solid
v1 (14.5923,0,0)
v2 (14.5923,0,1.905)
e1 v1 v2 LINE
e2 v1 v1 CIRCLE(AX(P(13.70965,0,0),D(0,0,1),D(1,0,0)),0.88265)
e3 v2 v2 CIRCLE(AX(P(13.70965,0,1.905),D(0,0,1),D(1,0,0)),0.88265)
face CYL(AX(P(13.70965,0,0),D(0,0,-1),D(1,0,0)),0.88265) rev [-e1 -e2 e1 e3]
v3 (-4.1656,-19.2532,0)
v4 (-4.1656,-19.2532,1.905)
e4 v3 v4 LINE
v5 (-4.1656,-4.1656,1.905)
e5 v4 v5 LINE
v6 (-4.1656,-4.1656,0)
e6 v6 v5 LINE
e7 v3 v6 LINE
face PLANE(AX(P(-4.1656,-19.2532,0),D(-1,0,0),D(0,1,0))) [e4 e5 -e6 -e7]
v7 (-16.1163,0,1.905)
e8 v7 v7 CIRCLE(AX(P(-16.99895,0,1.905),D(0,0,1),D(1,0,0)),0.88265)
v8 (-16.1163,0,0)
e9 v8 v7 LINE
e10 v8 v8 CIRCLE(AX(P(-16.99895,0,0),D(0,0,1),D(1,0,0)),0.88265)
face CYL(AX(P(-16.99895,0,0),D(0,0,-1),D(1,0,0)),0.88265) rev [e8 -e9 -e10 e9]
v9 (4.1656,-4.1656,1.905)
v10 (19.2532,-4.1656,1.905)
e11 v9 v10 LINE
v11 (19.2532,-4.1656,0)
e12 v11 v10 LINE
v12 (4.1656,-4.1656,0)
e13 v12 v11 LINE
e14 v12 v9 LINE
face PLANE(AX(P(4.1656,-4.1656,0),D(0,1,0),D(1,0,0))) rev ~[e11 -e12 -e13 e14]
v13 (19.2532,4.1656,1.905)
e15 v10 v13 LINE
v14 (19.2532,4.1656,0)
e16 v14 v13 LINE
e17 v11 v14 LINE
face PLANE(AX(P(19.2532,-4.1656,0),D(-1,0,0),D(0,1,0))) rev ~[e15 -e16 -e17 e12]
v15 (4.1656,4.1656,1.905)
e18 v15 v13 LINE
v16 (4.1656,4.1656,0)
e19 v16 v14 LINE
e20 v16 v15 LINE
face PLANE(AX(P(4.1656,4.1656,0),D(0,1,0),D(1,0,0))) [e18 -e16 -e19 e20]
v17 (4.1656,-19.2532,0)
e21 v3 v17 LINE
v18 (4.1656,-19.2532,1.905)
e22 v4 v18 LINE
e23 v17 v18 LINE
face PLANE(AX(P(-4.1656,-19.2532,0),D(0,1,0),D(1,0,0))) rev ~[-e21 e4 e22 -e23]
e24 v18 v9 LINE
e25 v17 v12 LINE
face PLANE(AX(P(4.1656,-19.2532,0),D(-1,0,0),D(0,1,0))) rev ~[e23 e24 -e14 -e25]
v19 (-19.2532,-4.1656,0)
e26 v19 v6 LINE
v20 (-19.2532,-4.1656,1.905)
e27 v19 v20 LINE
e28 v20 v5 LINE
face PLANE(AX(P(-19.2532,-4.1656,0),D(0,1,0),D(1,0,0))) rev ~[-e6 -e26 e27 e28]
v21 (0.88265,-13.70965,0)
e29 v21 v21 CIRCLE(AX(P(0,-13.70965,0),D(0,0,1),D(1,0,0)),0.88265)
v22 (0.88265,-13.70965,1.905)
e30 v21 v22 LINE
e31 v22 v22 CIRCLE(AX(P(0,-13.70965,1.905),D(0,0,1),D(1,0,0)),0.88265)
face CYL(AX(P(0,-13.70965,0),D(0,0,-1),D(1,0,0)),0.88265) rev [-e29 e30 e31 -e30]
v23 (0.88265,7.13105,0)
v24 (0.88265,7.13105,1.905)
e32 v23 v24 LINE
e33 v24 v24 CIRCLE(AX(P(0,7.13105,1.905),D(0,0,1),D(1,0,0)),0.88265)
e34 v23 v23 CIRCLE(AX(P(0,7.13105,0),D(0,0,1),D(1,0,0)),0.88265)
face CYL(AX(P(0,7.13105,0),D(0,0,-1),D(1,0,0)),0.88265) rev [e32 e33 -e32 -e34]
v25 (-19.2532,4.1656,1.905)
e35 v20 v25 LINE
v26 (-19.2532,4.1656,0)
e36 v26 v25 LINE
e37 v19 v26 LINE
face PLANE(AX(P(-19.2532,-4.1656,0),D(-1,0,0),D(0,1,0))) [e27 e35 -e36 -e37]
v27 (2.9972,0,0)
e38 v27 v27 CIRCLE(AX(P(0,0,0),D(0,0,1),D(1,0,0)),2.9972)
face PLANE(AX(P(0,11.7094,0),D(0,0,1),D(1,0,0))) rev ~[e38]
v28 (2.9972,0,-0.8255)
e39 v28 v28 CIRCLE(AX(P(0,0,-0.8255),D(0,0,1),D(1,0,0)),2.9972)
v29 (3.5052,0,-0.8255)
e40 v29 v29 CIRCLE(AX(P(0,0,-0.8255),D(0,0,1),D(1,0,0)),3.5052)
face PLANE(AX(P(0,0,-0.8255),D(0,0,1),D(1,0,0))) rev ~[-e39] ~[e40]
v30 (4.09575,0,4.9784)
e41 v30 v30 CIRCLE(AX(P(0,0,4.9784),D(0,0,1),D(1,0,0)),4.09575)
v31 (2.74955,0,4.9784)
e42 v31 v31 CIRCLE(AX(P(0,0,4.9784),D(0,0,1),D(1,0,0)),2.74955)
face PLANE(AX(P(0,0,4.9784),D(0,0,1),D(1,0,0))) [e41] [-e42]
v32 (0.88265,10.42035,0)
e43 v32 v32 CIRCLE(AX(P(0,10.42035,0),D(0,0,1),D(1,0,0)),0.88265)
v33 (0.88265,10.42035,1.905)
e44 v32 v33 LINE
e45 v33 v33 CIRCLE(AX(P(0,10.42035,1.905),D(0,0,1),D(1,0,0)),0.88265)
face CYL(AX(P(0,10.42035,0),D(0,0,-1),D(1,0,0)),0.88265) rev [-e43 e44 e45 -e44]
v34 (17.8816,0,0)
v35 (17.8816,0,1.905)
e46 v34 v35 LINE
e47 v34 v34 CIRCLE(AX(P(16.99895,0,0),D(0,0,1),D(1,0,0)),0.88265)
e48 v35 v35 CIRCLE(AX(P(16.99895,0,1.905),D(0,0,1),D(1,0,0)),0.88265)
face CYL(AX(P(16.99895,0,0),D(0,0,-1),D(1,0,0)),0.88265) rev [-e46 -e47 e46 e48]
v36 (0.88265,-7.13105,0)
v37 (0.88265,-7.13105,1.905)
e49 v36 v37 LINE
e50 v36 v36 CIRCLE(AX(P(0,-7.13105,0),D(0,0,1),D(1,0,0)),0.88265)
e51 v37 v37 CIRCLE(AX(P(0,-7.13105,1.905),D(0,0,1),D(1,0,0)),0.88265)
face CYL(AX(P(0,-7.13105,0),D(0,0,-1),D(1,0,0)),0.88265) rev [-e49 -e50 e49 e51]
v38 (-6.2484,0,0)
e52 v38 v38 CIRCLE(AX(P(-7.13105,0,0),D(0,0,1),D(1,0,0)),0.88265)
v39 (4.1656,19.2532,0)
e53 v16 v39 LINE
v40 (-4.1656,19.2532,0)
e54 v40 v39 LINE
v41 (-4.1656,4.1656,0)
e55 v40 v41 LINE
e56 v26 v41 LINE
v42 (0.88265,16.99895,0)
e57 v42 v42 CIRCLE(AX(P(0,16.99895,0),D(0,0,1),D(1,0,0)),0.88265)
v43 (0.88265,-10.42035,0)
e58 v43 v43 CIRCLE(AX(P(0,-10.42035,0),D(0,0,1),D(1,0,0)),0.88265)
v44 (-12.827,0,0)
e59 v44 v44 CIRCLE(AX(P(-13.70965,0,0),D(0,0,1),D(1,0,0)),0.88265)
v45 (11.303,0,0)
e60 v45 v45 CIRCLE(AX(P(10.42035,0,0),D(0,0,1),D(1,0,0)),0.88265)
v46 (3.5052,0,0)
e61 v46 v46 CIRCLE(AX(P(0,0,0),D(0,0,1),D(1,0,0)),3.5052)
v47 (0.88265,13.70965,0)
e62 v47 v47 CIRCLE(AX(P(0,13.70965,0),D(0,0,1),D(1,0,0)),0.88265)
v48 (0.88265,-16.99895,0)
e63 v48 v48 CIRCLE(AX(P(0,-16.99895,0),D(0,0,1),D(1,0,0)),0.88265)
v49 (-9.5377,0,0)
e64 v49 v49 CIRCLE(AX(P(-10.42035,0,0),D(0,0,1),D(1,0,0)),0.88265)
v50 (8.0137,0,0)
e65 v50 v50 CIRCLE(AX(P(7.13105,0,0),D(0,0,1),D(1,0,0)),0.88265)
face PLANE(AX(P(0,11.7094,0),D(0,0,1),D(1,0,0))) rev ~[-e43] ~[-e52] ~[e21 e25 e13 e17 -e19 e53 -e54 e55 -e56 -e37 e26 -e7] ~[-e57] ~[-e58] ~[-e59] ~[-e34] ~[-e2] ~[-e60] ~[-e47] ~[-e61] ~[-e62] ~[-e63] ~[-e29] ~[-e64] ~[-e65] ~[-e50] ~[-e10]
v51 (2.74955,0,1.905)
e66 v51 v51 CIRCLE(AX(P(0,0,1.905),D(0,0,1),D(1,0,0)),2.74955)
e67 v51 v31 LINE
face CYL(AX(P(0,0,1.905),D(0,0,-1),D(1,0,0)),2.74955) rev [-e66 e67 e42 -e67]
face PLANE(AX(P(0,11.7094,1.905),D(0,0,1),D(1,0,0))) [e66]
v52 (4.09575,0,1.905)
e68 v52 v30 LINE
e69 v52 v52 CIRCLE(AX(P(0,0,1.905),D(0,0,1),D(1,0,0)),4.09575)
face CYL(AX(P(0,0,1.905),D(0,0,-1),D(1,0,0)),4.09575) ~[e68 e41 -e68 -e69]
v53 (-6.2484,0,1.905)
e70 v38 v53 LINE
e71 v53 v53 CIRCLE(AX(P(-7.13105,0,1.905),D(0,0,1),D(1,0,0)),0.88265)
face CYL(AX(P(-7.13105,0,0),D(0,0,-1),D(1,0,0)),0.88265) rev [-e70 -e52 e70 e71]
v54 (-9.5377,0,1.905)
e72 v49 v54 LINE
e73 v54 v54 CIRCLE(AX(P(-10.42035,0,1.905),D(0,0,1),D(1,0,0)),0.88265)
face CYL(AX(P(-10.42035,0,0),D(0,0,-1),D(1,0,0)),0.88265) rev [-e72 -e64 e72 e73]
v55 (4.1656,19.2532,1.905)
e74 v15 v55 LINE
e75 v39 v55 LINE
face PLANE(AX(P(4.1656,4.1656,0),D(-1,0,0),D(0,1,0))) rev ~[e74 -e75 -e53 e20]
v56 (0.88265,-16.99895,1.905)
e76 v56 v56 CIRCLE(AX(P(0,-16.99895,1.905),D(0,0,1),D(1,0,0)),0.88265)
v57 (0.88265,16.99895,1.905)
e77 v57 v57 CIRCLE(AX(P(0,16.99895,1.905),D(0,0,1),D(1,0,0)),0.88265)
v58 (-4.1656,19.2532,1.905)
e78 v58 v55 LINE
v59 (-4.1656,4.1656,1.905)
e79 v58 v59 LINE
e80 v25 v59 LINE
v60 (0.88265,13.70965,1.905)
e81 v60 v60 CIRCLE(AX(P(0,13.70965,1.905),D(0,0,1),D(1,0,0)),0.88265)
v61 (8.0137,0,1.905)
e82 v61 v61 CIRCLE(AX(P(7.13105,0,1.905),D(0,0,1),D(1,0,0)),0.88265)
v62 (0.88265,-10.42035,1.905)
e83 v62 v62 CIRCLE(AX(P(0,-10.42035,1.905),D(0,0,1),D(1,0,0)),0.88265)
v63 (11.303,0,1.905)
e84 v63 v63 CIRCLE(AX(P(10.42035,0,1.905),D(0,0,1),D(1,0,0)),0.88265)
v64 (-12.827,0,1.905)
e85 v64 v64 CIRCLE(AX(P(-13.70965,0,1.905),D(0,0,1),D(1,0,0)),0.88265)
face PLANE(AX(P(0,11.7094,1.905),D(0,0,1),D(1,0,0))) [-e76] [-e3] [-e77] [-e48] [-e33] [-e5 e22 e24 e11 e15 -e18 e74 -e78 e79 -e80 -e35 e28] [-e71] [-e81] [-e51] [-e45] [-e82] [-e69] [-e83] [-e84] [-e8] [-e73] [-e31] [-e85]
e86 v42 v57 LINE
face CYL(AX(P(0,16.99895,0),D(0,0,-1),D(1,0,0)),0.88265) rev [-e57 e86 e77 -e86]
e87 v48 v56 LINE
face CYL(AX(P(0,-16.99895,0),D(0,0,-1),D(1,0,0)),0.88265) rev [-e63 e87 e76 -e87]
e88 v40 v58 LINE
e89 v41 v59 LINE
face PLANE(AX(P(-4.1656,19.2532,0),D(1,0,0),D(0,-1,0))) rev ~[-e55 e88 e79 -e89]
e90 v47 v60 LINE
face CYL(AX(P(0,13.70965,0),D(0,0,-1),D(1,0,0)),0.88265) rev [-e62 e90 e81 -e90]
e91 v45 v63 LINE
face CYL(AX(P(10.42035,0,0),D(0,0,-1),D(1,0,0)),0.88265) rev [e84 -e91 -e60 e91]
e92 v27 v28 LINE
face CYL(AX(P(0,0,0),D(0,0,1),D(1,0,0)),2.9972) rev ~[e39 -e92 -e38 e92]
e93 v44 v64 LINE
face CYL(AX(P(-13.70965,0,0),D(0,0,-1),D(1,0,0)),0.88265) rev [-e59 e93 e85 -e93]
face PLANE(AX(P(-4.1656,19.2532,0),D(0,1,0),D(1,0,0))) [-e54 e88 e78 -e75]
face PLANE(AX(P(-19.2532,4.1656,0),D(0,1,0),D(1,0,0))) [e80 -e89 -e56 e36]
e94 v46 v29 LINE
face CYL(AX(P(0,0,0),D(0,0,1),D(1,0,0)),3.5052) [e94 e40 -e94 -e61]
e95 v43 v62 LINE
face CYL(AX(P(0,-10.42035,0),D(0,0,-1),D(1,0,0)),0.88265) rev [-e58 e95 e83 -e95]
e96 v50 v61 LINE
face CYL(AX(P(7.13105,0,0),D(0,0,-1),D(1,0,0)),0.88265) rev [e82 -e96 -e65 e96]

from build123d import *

# Parameters (mm, degrees)
F0_W     = 8.3312
F0_H     = 15.0876
F0_R     = 0.88265
F0_W_2   = 15.0876
F0_H_2   = 8.3312
F0_R_2   = 4.09575
F0_R_3   = 2.74955
F1_DEPTH = 1.905
F2_R     = 4.09575
F2_R_2   = 2.74955
F3_DEPTH = 3.0734
F4_R     = 3.5052
F4_R_2   = 2.9972
F5_DEPTH = 0.8255


with BuildPart() as f1:
    # F0 (on Top) → F1 (new body)
    with BuildSketch(Plane.XY):
        with Locations((0, 11.7094)):
            Rectangle(F0_W, F0_H)
        with Locations((0, 7.13105)):
            Circle(F0_R, mode=Mode.SUBTRACT)
        with Locations((0, 10.42035)):
            Circle(F0_R, mode=Mode.SUBTRACT)
        with Locations((0, 13.70965)):
            Circle(F0_R, mode=Mode.SUBTRACT)
        with Locations((0, 16.99895)):
            Circle(F0_R, mode=Mode.SUBTRACT)
        with Locations((11.7094, 0)):
            Rectangle(F0_W_2, F0_H_2)
        with Locations((7.13105, 0)):
            Circle(F0_R, mode=Mode.SUBTRACT)
        with Locations((10.42035, 0)):
            Circle(F0_R, mode=Mode.SUBTRACT)
        with Locations((13.70965, 0)):
            Circle(F0_R, mode=Mode.SUBTRACT)
        with Locations((16.99895, 0)):
            Circle(F0_R, mode=Mode.SUBTRACT)
        Rectangle(F0_W, F0_H_2)
        Circle(F0_R_2, mode=Mode.SUBTRACT)
        with Locations((-11.7094, 0)):
            Rectangle(F0_W_2, F0_H_2)
        with Locations((-16.99895, 0)):
            Circle(F0_R, mode=Mode.SUBTRACT)
        with Locations((-13.70965, 0)):
            Circle(F0_R, mode=Mode.SUBTRACT)
        with Locations((-10.42035, 0)):
            Circle(F0_R, mode=Mode.SUBTRACT)
        with Locations((-7.13105, 0)):
            Circle(F0_R, mode=Mode.SUBTRACT)
        with Locations((0, -11.7094)):
            Rectangle(F0_W, F0_H)
        with Locations((0, -16.99895)):
            Circle(F0_R, mode=Mode.SUBTRACT)
        with Locations((0, -13.70965)):
            Circle(F0_R, mode=Mode.SUBTRACT)
        with Locations((0, -10.42035)):
            Circle(F0_R, mode=Mode.SUBTRACT)
        with Locations((0, -7.13105)):
            Circle(F0_R, mode=Mode.SUBTRACT)
        Circle(F0_R_2)
        Circle(F0_R_3, mode=Mode.SUBTRACT)
        Circle(F0_R_3)
    extrude(amount=F1_DEPTH)

    # F2 (on face) → F3 (join)
    with BuildSketch(Plane.XY.offset(1.905)):
        Circle(F2_R)
        Circle(F2_R_2, mode=Mode.SUBTRACT)
    extrude(amount=F3_DEPTH)

    # F4 (on face) → F5 (join)
    with BuildSketch(Plane.XY):
        Circle(F4_R)
        Circle(F4_R_2, mode=Mode.SUBTRACT)
    extrude(amount=-F5_DEPTH)


solid = f1.part
